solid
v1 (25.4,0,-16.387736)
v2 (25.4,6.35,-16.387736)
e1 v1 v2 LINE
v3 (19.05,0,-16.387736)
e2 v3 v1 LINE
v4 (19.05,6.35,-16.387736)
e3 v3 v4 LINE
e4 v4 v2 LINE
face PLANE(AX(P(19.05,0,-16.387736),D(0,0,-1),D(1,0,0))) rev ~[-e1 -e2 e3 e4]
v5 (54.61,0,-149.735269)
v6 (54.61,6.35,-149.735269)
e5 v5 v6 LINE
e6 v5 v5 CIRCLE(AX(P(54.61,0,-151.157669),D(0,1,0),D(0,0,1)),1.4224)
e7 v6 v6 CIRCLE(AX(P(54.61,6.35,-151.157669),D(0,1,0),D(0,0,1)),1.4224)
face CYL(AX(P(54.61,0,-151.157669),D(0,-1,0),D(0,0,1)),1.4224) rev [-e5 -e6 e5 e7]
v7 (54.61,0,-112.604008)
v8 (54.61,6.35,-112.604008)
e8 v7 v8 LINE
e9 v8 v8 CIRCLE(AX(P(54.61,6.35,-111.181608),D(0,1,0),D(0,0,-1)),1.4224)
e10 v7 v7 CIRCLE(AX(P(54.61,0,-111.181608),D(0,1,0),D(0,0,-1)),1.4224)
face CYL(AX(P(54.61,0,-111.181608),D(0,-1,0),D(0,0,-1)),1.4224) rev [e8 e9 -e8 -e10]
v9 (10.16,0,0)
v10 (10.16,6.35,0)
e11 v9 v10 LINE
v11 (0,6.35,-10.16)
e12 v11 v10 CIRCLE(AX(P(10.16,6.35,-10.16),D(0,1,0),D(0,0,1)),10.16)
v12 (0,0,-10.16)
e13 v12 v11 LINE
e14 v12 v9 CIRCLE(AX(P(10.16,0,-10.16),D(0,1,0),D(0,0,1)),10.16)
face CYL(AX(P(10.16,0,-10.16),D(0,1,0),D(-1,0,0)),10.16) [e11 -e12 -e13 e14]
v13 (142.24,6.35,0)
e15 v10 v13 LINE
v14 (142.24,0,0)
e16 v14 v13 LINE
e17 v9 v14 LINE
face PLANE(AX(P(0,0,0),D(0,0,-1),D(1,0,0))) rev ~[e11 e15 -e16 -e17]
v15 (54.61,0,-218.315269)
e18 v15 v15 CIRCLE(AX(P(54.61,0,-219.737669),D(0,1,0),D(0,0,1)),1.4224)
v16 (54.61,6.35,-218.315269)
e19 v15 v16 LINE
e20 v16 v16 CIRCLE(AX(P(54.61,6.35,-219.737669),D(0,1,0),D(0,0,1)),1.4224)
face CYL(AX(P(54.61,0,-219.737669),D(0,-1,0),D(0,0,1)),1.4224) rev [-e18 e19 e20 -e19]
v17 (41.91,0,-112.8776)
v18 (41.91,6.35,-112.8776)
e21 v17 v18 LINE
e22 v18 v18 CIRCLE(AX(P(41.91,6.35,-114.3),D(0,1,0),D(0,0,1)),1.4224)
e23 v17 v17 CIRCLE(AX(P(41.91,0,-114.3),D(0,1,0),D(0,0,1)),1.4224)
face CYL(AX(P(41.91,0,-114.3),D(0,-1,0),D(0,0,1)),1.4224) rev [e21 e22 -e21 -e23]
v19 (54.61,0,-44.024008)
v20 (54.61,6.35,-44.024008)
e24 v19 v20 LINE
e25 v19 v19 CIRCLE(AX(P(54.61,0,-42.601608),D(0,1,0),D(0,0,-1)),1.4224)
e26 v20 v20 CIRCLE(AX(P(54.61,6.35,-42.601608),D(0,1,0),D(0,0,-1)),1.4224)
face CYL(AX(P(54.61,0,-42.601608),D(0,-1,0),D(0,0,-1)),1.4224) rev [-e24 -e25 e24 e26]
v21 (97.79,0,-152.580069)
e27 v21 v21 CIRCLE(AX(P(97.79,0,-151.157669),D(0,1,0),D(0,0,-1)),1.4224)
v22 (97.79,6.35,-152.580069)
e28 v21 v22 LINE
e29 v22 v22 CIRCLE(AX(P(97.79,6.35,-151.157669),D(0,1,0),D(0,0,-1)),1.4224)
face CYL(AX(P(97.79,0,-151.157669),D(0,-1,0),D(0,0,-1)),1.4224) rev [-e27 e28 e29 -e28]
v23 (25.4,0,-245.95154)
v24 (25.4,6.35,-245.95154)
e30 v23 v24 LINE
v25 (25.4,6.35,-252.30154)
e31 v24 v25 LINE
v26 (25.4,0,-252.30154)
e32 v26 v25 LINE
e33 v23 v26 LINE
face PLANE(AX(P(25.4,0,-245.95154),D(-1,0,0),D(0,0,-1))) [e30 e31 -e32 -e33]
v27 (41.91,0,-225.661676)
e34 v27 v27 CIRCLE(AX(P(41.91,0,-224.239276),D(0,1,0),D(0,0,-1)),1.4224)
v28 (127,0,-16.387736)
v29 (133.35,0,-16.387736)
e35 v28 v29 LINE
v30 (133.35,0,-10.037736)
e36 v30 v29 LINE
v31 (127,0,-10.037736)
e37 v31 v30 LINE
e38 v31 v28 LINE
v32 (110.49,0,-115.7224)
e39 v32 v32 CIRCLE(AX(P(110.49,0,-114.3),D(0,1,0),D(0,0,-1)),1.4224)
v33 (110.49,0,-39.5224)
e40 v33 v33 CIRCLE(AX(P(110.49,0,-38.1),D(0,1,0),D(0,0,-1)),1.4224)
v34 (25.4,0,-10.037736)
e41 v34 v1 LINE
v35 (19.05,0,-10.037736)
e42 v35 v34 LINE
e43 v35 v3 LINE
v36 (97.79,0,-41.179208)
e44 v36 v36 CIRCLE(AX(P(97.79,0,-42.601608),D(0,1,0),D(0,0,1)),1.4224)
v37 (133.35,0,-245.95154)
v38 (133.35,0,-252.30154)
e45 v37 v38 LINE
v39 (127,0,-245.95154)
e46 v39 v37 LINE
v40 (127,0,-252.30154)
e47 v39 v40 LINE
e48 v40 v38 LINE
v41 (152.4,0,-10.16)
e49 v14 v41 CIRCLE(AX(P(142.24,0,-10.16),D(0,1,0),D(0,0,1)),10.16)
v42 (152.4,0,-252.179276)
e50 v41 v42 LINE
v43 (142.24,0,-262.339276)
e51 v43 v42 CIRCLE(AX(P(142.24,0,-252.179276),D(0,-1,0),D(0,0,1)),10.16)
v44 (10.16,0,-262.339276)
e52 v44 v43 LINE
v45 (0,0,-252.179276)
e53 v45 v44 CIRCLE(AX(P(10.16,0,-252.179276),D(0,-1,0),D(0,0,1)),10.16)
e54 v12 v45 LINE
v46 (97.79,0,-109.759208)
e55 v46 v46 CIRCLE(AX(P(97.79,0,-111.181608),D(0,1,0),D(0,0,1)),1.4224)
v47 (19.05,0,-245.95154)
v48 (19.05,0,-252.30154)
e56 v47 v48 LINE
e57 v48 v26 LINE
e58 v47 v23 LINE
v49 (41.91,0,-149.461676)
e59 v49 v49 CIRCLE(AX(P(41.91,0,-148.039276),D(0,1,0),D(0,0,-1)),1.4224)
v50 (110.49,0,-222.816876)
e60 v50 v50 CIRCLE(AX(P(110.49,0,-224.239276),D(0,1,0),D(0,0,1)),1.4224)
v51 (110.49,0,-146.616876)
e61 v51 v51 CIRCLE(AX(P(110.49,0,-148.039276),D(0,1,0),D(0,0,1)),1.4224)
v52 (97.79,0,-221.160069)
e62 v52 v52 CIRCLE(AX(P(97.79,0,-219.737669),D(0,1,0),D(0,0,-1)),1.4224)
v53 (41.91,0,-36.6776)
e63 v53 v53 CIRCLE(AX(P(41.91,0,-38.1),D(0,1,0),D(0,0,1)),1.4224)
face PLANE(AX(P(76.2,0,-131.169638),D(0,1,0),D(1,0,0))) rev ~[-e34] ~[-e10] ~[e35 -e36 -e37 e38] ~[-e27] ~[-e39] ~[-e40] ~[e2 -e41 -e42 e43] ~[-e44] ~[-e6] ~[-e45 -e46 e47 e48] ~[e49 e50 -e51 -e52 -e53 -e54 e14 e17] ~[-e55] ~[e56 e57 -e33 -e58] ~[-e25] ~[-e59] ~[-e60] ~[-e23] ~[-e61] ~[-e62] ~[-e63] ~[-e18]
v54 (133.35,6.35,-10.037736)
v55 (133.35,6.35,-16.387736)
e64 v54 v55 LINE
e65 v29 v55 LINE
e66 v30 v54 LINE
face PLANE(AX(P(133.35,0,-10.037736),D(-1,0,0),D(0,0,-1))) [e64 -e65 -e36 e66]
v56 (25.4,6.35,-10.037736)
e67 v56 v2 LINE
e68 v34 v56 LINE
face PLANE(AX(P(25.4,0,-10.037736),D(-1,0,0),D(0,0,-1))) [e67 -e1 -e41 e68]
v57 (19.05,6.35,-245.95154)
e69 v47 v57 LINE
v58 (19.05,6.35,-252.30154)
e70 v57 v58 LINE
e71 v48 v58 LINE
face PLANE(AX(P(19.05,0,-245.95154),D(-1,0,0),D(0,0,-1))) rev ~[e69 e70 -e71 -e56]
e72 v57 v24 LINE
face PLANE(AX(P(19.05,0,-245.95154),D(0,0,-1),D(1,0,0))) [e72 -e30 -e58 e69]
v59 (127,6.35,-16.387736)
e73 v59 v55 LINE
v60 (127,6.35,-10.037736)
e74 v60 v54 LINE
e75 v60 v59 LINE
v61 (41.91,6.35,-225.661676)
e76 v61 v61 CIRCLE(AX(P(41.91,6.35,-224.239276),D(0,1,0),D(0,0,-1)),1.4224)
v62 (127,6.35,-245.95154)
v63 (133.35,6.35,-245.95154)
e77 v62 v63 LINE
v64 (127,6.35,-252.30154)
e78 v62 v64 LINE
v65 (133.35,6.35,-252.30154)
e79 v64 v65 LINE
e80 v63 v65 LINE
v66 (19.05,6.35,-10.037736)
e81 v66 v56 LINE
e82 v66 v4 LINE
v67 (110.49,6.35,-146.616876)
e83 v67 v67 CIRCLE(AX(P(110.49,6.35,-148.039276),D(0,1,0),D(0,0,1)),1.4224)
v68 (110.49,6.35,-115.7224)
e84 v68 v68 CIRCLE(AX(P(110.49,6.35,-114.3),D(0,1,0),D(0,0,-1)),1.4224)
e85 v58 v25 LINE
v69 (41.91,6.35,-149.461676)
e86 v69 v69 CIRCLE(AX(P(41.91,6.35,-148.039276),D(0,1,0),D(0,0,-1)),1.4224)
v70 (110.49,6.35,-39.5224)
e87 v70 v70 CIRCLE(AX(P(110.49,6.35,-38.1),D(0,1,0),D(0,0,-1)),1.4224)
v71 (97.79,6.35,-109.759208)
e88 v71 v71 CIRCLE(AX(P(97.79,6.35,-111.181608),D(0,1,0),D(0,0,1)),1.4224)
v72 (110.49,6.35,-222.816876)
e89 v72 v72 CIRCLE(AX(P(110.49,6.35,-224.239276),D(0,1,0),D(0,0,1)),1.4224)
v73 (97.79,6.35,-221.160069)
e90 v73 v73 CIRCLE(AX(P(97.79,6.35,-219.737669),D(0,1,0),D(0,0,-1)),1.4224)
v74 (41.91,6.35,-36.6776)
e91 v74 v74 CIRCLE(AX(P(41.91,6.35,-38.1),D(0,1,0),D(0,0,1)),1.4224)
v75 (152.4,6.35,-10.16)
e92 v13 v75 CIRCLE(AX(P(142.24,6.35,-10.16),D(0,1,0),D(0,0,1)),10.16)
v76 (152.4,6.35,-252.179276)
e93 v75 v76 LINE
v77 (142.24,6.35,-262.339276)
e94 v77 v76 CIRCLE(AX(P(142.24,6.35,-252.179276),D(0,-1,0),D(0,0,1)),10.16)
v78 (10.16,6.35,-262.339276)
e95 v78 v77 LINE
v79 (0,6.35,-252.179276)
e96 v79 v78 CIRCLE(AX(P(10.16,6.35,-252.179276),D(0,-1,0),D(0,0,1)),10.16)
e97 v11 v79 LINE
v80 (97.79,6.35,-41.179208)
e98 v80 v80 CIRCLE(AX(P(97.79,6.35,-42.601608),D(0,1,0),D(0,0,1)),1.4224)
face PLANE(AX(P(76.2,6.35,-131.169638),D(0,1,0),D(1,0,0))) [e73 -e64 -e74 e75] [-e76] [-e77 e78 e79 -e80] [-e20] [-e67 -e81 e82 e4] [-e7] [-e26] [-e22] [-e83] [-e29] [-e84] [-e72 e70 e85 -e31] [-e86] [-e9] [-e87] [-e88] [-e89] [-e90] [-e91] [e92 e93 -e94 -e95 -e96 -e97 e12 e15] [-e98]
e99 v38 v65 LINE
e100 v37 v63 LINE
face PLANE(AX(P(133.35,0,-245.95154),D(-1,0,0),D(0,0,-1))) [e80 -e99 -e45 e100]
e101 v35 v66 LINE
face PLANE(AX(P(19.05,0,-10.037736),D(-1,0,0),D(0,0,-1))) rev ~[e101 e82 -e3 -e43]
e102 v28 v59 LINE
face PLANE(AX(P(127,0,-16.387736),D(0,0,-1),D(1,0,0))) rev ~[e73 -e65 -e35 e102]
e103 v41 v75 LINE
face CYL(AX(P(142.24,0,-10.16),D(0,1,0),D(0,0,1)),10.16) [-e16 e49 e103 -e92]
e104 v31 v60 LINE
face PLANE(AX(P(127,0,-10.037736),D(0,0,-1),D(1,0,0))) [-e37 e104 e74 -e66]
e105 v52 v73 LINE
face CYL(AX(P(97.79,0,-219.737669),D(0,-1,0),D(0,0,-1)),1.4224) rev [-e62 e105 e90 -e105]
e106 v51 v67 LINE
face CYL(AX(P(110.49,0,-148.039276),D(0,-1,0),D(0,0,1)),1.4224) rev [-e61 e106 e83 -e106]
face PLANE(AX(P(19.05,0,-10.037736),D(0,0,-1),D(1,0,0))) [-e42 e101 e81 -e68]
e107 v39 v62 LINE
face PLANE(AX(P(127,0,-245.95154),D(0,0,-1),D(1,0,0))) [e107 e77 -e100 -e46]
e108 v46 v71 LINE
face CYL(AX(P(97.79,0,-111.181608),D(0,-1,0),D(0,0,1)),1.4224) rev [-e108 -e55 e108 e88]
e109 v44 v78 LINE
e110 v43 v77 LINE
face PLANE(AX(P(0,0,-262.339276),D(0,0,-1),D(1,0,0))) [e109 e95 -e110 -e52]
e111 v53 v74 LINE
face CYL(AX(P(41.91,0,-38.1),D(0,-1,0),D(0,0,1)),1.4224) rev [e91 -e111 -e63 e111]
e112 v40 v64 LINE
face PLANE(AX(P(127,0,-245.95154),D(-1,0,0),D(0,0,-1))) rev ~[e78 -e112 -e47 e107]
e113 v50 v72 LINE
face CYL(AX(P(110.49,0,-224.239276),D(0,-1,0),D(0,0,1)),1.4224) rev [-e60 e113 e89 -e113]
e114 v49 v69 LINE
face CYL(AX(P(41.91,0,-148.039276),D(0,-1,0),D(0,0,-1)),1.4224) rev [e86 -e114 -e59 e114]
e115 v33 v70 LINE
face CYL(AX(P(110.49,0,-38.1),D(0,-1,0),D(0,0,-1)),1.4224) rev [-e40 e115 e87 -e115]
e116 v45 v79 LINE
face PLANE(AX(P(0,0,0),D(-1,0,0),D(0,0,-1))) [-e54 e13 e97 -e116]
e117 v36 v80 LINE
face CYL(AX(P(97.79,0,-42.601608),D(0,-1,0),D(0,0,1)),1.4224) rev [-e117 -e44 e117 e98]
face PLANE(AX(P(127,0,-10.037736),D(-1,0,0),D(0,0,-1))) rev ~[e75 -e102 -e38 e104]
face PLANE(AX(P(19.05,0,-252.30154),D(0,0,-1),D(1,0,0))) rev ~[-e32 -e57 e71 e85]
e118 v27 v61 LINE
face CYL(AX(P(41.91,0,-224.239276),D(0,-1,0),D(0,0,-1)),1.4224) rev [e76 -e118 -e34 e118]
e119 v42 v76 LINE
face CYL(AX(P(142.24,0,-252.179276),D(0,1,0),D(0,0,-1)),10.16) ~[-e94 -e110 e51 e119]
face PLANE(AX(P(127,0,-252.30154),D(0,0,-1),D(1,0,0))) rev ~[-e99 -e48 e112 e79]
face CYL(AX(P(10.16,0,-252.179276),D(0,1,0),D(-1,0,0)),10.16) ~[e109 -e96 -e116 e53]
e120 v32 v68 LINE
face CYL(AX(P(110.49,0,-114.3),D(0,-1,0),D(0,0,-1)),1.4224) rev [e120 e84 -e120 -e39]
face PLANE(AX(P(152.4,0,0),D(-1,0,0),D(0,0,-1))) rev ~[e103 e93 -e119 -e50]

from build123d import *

# Parameters (mm, degrees)
SKETCH3_W           = 152.4
SKETCH3_H           = 262.339276313
SKETCH3_R           = 1.4224
SKETCH3_W_2         = 6.35
SKETCH3_H_2         = 6.35
BOSS_EXTRUDE1_DEPTH = 6.35
FILLET1_R           = 10.16


with BuildPart() as part:
    # Sketch3 → Boss-Extrude1 (new body)
    with BuildSketch(Plane(origin=(0, 0, 0), x_dir=(1, 0, 0), z_dir=(0, 1, 0))):
        with Locations((76.2, 131.169638157)):
            Rectangle(SKETCH3_W, SKETCH3_H)
        with Locations(Location((41.91, 38.1, 0), (0, 0, 270))):
            Circle(SKETCH3_R, mode=Mode.SUBTRACT)
        with Locations(Location((41.91, 114.3, 0), (0, 0, 270))):
            Circle(SKETCH3_R, mode=Mode.SUBTRACT)
        with Locations(Location((110.49, 114.3, 0), (0, 0, 90))):
            Circle(SKETCH3_R, mode=Mode.SUBTRACT)
        with Locations(Location((110.49, 38.1, 0), (0, 0, 90))):
            Circle(SKETCH3_R, mode=Mode.SUBTRACT)
        with Locations(Location((54.61, 151.157668748, 0), (0, 0, 270))):
            Circle(SKETCH3_R, mode=Mode.SUBTRACT)
        with Locations(Location((54.61, 219.737668748, 0), (0, 0, 270))):
            Circle(SKETCH3_R, mode=Mode.SUBTRACT)
        with Locations(Location((97.79, 151.157668748, 0), (0, 0, 90))):
            Circle(SKETCH3_R, mode=Mode.SUBTRACT)
        with Locations(Location((97.79, 219.737668748, 0), (0, 0, 90))):
            Circle(SKETCH3_R, mode=Mode.SUBTRACT)
        with Locations(Location((97.79, 42.601607565, 0), (0, 0, 270))):
            Circle(SKETCH3_R, mode=Mode.SUBTRACT)
        with Locations(Location((97.79, 111.181607565, 0), (0, 0, 270))):
            Circle(SKETCH3_R, mode=Mode.SUBTRACT)
        with Locations(Location((54.61, 111.181607565, 0), (0, 0, 90))):
            Circle(SKETCH3_R, mode=Mode.SUBTRACT)
        with Locations(Location((54.61, 42.601607565, 0), (0, 0, 90))):
            Circle(SKETCH3_R, mode=Mode.SUBTRACT)
        with Locations(Location((110.49, 148.039276313, 0), (0, 0, 270))):
            Circle(SKETCH3_R, mode=Mode.SUBTRACT)
        with Locations(Location((110.49, 224.239276313, 0), (0, 0, 270))):
            Circle(SKETCH3_R, mode=Mode.SUBTRACT)
        with Locations(Location((41.91, 224.239276313, 0), (0, 0, 90))):
            Circle(SKETCH3_R, mode=Mode.SUBTRACT)
        with Locations(Location((41.91, 148.039276313, 0), (0, 0, 90))):
            Circle(SKETCH3_R, mode=Mode.SUBTRACT)
        with Locations((22.225, 13.212735966)):
            Rectangle(SKETCH3_W_2, SKETCH3_H_2, mode=Mode.SUBTRACT)
        with Locations((130.175, 13.212735966)):
            Rectangle(SKETCH3_W_2, SKETCH3_H_2, mode=Mode.SUBTRACT)
        with Locations((130.175, 249.126540348)):
            Rectangle(SKETCH3_W_2, SKETCH3_H_2, mode=Mode.SUBTRACT)
        with Locations((22.225, 249.126540348)):
            Rectangle(SKETCH3_W_2, SKETCH3_H_2, mode=Mode.SUBTRACT)
    extrude(amount=BOSS_EXTRUDE1_DEPTH)

    # Fillet1
    fillet1_edges = [part.edges().sort_by_distance(p)[0] for p in [
        (0, 3.175, -262.339276313),
        (152.4, 3.175, -262.339276313),
        (152.4, 3.175, 0),
        (0, 3.175, 0),
    ]]
    fillet(fillet1_edges, radius=FILLET1_R)


solid = part.part
